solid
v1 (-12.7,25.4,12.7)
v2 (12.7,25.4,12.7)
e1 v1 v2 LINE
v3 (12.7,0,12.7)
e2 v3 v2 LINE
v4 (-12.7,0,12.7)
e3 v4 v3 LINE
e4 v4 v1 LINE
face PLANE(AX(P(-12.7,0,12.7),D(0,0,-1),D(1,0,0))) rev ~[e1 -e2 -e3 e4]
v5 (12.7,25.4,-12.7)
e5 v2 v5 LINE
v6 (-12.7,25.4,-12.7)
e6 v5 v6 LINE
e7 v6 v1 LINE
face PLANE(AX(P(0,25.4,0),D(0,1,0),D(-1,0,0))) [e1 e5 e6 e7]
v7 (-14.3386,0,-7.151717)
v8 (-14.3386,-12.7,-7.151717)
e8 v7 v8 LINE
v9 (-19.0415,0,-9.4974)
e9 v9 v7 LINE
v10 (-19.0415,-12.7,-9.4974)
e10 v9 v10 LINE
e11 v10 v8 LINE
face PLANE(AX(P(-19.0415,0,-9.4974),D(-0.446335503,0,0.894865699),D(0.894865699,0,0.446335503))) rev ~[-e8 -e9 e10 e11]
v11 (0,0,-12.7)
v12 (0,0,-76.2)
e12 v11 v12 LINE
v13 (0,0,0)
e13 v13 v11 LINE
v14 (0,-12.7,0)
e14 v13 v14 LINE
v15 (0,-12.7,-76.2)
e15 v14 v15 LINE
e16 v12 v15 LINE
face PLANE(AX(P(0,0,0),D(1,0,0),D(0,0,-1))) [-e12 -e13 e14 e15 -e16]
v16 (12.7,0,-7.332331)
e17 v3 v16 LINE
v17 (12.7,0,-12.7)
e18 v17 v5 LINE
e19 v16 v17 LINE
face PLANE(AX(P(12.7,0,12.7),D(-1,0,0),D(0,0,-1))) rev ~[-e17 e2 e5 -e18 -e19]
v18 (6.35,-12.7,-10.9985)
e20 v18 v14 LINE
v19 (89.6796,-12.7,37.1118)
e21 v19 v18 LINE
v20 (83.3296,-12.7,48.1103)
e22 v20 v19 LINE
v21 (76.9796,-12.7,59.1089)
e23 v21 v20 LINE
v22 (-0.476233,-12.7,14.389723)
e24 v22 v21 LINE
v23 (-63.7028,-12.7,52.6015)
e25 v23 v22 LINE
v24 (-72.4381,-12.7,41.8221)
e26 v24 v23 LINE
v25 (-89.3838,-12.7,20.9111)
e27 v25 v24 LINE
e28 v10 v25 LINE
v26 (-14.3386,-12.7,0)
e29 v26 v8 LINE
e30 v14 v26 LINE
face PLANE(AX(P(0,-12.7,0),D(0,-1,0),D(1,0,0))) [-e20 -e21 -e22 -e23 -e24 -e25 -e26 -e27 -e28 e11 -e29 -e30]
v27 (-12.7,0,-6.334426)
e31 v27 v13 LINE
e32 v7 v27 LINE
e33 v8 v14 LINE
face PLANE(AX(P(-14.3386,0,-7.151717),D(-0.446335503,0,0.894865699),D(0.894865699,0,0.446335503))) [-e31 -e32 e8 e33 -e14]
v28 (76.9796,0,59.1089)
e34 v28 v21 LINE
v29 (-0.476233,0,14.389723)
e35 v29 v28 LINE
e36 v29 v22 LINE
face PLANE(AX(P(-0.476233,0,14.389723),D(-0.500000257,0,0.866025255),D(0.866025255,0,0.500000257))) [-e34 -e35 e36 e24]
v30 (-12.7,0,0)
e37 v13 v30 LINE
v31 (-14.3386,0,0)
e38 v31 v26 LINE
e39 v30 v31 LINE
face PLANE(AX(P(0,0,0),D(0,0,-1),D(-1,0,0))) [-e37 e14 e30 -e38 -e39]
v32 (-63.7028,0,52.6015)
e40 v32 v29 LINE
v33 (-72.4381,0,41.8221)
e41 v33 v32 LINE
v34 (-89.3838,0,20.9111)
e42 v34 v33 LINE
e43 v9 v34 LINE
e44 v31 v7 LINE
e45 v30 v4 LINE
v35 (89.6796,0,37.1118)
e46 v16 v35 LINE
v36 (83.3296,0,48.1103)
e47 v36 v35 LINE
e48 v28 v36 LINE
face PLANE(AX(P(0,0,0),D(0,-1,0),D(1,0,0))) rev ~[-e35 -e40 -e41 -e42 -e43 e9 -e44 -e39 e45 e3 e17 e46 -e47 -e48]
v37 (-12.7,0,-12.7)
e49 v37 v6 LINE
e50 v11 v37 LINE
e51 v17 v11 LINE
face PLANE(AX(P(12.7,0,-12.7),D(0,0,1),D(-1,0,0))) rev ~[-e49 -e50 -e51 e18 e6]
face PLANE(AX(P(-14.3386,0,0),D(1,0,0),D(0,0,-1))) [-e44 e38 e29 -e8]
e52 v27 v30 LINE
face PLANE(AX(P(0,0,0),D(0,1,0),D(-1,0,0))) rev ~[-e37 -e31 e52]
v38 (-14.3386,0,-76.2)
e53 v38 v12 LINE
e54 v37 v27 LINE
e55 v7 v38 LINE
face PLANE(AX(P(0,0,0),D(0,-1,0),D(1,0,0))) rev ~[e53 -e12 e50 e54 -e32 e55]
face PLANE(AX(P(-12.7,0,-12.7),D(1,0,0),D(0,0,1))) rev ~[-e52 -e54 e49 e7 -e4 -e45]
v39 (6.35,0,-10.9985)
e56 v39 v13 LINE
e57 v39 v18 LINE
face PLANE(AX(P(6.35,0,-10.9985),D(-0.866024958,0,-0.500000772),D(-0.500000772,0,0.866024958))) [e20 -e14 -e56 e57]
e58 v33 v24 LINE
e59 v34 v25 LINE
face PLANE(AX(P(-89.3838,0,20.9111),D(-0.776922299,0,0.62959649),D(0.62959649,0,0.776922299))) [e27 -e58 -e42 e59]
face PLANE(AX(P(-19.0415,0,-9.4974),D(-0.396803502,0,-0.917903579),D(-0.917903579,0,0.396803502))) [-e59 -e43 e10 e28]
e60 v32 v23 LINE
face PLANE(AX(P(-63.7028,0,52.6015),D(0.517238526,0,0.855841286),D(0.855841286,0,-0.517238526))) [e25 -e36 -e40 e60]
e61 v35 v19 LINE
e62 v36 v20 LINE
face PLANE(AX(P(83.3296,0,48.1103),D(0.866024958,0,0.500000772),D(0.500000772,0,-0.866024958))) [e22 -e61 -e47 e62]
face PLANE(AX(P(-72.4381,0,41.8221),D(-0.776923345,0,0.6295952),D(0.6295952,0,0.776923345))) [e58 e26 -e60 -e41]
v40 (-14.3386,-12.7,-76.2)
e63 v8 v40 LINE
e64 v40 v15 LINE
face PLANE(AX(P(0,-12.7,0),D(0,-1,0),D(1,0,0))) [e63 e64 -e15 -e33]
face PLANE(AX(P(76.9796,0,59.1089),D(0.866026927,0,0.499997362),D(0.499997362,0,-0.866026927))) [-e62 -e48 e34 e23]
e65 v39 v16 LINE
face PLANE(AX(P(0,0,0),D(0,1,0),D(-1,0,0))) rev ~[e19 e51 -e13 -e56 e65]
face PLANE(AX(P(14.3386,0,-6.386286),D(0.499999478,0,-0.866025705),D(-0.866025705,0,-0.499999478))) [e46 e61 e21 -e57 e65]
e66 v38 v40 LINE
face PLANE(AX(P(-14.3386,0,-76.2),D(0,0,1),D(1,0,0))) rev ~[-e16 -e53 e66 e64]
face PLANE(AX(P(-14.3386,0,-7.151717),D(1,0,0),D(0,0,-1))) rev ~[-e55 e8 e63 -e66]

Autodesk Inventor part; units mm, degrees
ref_plane "XZ Plane" through (0, 0, 0) normal (0, 1, 0) x (-1, 0, 0)
ref_plane "XY Plane" through (0, 0, 0) normal (0, 0, 1) x (1, 0, 0)
sketch "Sketch2" plane through (0, 0, 0) normal (0, 1, 0) x (-1, 0, 0)
  line L0 (-12.7, 12.7) -> (-12.7, -12.7)
  line L1 (-12.7, -12.7) -> (12.7, -12.7)
  line L2 (12.7, -12.7) -> (12.7, 12.7)
  line L3 (12.7, 12.7) -> (-12.7, 12.7)
  line L4 (-12.7, 12.7) -> (12.7, -12.7) construction
  line L5 (-12.7, -12.7) -> (12.7, 12.7) construction
  point P0 (0, 0)
  dimension "d0" = 25.4
  dimension "d1" = 25.4
extrude "Extrusion1" add sketch "Sketch2" along normal blind 25.4
sketch "Sketch9" plane through (0, 0, 0) normal (0, -1, 0) x (1, 0, 0)
  line L0 (0, 0) -> (0, -76.2)
  line L1 (0, 0) -> (0, -42.3666) construction
  line L2 (0, 0) -> (83.3296, 48.1103) construction
  line L3 (0, 0) -> (-72.4381, 41.8221) construction
  line L4 (83.3296, 48.1103) -> (89.6796, 37.1118)
  line L5 (89.6796, 37.1118) -> (6.35, -10.9985)
  line L6 (6.35, -10.9985) -> (0, 0)
  line L7 (0, 0) -> (-6.35, 10.9985)
  line L8 (-6.35, 10.9985) -> (76.9796, 59.1089)
  line L9 (76.9796, 59.1089) -> (83.3296, 48.1103)
  line L10 (-72.4381, 41.8221) -> (-63.7028, 52.6015)
  line L11 (-63.7028, 52.6015) -> (7.6709, 9.4659)
  line L12 (7.6709, 9.4659) -> (0, 0)
  line L13 (-19.0415, -9.4974) -> (0, 0)
  line L14 (-19.0415, -9.4974) -> (-89.3838, 20.9111)
  line L15 (-89.3838, 20.9111) -> (-72.4381, 41.8221)
  line L16 (0, -76.2) -> (14.3386, -76.2)
  line L17 (14.3386, -76.2) -> (14.3386, 0)
  line L18 (14.3386, 0) -> (0, 0)
  line L19 (0, 0) -> (-14.3386, 0)
  line L20 (-14.3386, 0) -> (-14.3386, -76.2)
  line L21 (-14.3386, -76.2) -> (0, -76.2)
  point P0 (-0.4762, 14.3898)
  point P1 (-14.3386, -7.1517)
  dimension "d23" = 76.2
  dimension "d24" = 0
  dimension "d25" = 120
  dimension "d26" = 120
  dimension "d27" = 25.4
extrude "Extrusion8" add sketch "Sketch9" along normal blind 12.7 contours L18 L17 L5 L6 | L19 L20 L13 L14 L15 L10 L11 L8 L7 | L7 L8 L11 L12 | L0 L21 L20 L13 | L12 L11 L8 L9 L4 L5 L17 L18
sketch "Sketch3" plane through (0, 0, 0) normal (1, 0, 0) x (0, 1, 0)
  line L0 (0, -12.7) -> (0, 12.7) projected
  line L1 (-12.7, 12.7) -> (-12.7, -12.7)
  line L2 (-12.7, -12.7) -> (12.7, -12.7)
  line L3 (12.7, -12.7) -> (12.7, 12.7)
  line L4 (12.7, 12.7) -> (-12.7, 12.7)
  line L5 (-12.7, 12.7) -> (12.7, -12.7) construction
  line L6 (-12.7, -12.7) -> (12.7, 12.7) construction
  point P0 (0, 0)
  dimension "d4" = 25.4
sketch "Sketch4" plane through (0, 0, 0) normal (0, 0, 1) x (1, 0, 0)
  line L0 (-12.7, 12.7) -> (-12.7, 25.4) projected
  line L1 (-38.1, 12.7) -> (-12.7, 12.7) projected
  line L2 (-38.1, -12.7) -> (38.1, -12.7) projected
  line L3 (-12.7, 12.7) -> (12.7, 12.7)
  line L4 (12.7, 12.7) -> (12.7, -12.7)
  line L5 (12.7, -12.7) -> (-12.7, -12.7)
  line L6 (-12.7, -12.7) -> (-12.7, 12.7)
  point P0 (0, 0)
  dimension "d7" = 25.4
sketch "Sketch5" plane through (0, 25.4, 0) normal (0, 1, 0) x (1, 0, 0)
  line L0 (-5.1393, -5.5117) -> (5.1393, -5.5117)
  line L1 (5.1393, -5.5117) -> (5.1393, 5.5117)
  line L2 (5.1393, 5.5117) -> (-5.1393, 5.5117)
  line L3 (-5.1393, 5.5117) -> (-5.1393, -5.5117)
  line L4 (-5.1393, -5.5117) -> (5.1393, 5.5117) construction
  line L5 (5.1393, -5.5117) -> (-5.1393, 5.5117) construction
  point P0 (0, 0)
sketch "Sketch6" plane through (0, 0, 0) normal (1, 0, 0) x (0, 1, 0)
  line L0 (-12.7, -12.7) -> (-12.7, 12.7) projected
  line L1 (12.7, 6.35) -> (12.7, -6.35)
  line L2 (12.7, -6.35) -> (-12.7, -6.35)
  line L3 (-12.7, -6.35) -> (-12.7, 6.35)
  line L4 (-12.7, 6.35) -> (12.7, 6.35)
  line L5 (12.7, 6.35) -> (-12.7, -6.35) construction
  line L6 (12.7, -6.35) -> (-12.7, 6.35) construction
  point P0 (0, 0)
  dimension "d12" = 12.7
sketch "Sketch7" plane through (5.1393, 25.4, 5.5117) normal (0.5, 0, -0.866) x (0, 1, 0)
  line L0 (-38.279, -18.672) -> (-38.279, 4.2588)
  line L1 (-38.279, 4.2588) -> (-12.521, 4.2588)
  line L2 (-12.521, 4.2588) -> (-12.521, -18.672)
  line L3 (-12.521, -18.672) -> (-38.279, -18.672)
  line L4 (-38.279, -18.672) -> (-12.521, 4.2588) construction
  line L5 (-38.279, 4.2588) -> (-12.521, -18.672) construction
  point P0 (-25.4, -7.2066)
sketch "Sketch8" plane through (5.1393, 25.4, 5.5117) normal (0.5, 0, -0.866) x (0, 1, 0)
  line L0 (-38.1, 0.8449) -> (-12.7, 0.8449)
  line L1 (-12.7, 0.8449) -> (-12.7, -15.2581)
  line L2 (-12.7, -15.2581) -> (-38.1, -15.2581)
  line L3 (-38.1, -15.2581) -> (-38.1, 0.8449)
  line L4 (-38.1, 0.8449) -> (-12.7, -15.2581) construction
  line L5 (-12.7, 0.8449) -> (-38.1, -15.2581) construction
  point P0 (-25.4, -7.2066)
properties part number "testPart"
